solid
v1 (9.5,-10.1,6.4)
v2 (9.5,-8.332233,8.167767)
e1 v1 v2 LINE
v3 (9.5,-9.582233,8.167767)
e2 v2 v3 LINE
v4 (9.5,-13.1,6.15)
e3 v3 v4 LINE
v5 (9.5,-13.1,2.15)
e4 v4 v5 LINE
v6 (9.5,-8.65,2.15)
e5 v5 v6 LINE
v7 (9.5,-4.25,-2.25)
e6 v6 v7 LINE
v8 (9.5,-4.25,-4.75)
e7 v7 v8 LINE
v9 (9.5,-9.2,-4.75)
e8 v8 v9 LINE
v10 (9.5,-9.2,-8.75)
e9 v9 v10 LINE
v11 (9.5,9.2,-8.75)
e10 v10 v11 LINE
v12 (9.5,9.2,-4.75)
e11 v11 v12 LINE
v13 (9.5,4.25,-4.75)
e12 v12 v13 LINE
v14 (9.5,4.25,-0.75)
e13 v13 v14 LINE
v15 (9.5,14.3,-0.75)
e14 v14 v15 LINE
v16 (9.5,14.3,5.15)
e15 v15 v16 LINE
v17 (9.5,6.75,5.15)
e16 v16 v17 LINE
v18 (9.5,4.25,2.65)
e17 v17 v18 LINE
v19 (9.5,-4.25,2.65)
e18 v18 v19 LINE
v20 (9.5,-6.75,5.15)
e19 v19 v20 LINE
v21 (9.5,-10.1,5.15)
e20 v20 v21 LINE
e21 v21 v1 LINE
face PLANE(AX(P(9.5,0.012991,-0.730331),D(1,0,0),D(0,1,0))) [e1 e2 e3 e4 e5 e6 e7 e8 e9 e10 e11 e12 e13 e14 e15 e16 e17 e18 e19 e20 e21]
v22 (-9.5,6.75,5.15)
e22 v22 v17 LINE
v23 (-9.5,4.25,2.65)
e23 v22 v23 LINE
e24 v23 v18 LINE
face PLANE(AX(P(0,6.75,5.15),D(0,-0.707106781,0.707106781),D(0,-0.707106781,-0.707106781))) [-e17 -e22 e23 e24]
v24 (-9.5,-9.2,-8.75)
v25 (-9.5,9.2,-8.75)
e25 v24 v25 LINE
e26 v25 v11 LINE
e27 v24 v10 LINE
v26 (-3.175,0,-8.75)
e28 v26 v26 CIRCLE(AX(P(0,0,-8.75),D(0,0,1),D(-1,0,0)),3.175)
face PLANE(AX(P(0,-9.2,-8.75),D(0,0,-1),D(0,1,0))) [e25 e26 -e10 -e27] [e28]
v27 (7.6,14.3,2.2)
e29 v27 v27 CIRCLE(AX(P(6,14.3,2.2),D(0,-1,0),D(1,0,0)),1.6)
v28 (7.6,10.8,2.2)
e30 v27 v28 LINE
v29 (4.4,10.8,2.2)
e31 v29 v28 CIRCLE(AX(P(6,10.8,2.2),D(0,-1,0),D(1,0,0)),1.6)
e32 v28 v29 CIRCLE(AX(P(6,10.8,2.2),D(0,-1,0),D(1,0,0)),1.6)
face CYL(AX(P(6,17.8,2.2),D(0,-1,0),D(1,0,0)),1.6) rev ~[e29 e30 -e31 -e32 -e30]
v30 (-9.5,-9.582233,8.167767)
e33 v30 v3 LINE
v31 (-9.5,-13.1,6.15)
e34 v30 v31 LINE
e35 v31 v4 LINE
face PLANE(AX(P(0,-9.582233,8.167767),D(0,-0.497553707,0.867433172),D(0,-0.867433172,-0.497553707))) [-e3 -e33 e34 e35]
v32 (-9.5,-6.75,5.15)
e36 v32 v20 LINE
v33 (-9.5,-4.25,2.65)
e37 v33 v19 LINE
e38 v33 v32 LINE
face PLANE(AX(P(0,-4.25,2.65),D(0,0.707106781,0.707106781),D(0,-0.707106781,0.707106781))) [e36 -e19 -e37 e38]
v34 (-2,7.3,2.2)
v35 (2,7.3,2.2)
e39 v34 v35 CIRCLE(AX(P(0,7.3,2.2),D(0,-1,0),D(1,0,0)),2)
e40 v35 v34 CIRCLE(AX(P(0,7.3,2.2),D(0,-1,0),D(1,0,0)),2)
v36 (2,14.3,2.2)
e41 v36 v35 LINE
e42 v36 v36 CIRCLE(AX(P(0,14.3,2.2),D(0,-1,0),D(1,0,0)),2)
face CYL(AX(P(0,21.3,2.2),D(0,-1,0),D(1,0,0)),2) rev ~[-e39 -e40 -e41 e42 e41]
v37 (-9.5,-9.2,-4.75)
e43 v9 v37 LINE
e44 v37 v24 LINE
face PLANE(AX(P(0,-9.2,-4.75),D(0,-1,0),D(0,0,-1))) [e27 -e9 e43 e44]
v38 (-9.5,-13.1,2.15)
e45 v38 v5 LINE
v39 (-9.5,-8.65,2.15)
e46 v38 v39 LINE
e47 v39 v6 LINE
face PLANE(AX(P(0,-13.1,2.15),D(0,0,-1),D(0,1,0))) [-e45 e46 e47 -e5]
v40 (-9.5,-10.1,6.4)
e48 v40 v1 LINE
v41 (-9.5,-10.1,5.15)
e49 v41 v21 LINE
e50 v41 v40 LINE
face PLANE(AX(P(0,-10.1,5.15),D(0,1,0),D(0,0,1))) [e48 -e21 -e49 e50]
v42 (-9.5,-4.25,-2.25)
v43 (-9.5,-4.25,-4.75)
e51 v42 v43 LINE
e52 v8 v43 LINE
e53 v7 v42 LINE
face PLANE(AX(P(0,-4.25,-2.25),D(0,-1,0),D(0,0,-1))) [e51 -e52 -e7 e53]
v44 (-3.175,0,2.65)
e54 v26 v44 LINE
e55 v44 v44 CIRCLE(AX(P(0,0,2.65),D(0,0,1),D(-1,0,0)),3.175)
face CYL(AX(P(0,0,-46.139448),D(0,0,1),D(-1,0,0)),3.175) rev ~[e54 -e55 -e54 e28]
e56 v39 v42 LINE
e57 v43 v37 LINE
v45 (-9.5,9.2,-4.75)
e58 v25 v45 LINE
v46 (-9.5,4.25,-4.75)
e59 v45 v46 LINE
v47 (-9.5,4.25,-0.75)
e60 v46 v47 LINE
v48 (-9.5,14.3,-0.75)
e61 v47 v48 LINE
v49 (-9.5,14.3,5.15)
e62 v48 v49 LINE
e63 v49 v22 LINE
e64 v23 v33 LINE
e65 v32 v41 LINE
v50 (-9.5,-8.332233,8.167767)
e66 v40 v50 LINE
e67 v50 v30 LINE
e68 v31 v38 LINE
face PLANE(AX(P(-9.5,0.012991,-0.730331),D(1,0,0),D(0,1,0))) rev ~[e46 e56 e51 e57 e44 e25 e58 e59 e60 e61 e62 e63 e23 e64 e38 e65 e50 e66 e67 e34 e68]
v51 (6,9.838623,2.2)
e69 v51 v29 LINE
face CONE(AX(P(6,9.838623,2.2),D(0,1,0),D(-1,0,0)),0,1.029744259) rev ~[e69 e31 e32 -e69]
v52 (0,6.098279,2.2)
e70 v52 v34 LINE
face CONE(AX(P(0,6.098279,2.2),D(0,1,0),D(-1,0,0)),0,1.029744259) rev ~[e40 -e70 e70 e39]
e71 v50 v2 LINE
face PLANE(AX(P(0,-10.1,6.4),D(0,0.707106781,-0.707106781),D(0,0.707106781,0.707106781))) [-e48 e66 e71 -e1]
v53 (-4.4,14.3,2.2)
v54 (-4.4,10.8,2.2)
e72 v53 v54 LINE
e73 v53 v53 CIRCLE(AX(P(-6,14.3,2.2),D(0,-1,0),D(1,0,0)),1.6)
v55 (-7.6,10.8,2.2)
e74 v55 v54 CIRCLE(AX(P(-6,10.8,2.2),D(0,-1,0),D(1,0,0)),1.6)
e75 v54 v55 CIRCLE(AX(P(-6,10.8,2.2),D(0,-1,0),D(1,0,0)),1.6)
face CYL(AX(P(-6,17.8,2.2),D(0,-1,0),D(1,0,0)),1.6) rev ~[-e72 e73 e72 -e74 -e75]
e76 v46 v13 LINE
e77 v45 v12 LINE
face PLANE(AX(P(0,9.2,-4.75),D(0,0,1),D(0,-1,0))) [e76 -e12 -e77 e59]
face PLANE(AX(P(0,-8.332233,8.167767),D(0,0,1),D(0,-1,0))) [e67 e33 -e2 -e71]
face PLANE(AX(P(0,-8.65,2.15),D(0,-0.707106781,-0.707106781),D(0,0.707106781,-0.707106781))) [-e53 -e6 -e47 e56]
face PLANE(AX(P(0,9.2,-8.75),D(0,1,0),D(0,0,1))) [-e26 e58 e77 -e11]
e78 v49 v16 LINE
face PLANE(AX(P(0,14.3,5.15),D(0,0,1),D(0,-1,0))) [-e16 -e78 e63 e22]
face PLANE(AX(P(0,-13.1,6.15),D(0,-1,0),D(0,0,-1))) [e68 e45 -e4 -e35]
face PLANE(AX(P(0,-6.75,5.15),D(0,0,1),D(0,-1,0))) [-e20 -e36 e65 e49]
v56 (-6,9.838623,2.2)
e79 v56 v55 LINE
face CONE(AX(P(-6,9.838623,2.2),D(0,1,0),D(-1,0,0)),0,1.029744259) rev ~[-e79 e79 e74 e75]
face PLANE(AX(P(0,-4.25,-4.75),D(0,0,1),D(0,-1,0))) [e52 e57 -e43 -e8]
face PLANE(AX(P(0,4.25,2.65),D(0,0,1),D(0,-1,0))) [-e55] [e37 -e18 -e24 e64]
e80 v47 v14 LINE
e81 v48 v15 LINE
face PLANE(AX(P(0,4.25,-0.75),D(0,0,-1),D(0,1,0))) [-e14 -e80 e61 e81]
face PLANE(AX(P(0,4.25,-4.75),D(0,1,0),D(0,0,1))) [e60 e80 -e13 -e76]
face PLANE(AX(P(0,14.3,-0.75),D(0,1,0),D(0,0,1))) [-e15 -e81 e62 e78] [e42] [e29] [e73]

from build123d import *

# Parameters (mm, degrees)
F1_DEPTH = 9.5
F3_D     = 6.35
F5_D     = 4
F5_DEPTH = 7
F5_TIP   = 1.2017212381
F6_D     = 3.2
F6_DEPTH = 3.5
F6_TIP   = 0.9613769904


with BuildPart() as f1:
    # F0 (on Right) → F1 (new body, symmetric)
    with BuildSketch(Plane.YZ):
        Polygon((-9.2, -4.75), (-9.2, -8.75), (9.2, -8.75), (9.2, -4.75), (4.25, -4.75), (4.25, -0.75), (14.3, -0.75), (14.3, 5.15), (6.75, 5.15), (4.25, 2.65), (-4.25, 2.65), (-6.75, 5.15), (-10.1, 5.15), (-10.1, 6.4), (-8.332233047, 8.167766953), (-9.582233047, 8.167766953), (-13.1, 6.15), (-13.1, 2.15), (-8.65, 2.15), (-4.25, -2.25), (-4.25, -4.75), align=None)
    extrude(amount=F1_DEPTH, both=True)

    # F3 (through all)
    with Locations(Plane(origin=(0, 0, -8.75), x_dir=(1, 0, 0), z_dir=(0, 0, -1))):
        with Locations((0, 0)):
            Hole(F3_D / 2)

    # F5
    with Locations(Plane(origin=(0, 14.3, 0), x_dir=(-1, 0, 0), z_dir=(0, 1, 0))):
        with Locations((0, 2.2)):
            Hole(F5_D / 2, depth=F5_DEPTH)
            with Locations((0, 0, -(F5_DEPTH + F5_TIP / 2))):  # 118° drill point
                Cone(0, F5_D / 2, F5_TIP, mode=Mode.SUBTRACT)

    # F6
    with Locations(Plane(origin=(0, 14.3, 0), x_dir=(-1, 0, 0), z_dir=(0, 1, 0))):
        with Locations((-6, 2.2), (6, 2.2)):
            Hole(F6_D / 2, depth=F6_DEPTH)
            with Locations((0, 0, -(F6_DEPTH + F6_TIP / 2))):  # 118° drill point
                Cone(0, F6_D / 2, F6_TIP, mode=Mode.SUBTRACT)


solid = f1.part
